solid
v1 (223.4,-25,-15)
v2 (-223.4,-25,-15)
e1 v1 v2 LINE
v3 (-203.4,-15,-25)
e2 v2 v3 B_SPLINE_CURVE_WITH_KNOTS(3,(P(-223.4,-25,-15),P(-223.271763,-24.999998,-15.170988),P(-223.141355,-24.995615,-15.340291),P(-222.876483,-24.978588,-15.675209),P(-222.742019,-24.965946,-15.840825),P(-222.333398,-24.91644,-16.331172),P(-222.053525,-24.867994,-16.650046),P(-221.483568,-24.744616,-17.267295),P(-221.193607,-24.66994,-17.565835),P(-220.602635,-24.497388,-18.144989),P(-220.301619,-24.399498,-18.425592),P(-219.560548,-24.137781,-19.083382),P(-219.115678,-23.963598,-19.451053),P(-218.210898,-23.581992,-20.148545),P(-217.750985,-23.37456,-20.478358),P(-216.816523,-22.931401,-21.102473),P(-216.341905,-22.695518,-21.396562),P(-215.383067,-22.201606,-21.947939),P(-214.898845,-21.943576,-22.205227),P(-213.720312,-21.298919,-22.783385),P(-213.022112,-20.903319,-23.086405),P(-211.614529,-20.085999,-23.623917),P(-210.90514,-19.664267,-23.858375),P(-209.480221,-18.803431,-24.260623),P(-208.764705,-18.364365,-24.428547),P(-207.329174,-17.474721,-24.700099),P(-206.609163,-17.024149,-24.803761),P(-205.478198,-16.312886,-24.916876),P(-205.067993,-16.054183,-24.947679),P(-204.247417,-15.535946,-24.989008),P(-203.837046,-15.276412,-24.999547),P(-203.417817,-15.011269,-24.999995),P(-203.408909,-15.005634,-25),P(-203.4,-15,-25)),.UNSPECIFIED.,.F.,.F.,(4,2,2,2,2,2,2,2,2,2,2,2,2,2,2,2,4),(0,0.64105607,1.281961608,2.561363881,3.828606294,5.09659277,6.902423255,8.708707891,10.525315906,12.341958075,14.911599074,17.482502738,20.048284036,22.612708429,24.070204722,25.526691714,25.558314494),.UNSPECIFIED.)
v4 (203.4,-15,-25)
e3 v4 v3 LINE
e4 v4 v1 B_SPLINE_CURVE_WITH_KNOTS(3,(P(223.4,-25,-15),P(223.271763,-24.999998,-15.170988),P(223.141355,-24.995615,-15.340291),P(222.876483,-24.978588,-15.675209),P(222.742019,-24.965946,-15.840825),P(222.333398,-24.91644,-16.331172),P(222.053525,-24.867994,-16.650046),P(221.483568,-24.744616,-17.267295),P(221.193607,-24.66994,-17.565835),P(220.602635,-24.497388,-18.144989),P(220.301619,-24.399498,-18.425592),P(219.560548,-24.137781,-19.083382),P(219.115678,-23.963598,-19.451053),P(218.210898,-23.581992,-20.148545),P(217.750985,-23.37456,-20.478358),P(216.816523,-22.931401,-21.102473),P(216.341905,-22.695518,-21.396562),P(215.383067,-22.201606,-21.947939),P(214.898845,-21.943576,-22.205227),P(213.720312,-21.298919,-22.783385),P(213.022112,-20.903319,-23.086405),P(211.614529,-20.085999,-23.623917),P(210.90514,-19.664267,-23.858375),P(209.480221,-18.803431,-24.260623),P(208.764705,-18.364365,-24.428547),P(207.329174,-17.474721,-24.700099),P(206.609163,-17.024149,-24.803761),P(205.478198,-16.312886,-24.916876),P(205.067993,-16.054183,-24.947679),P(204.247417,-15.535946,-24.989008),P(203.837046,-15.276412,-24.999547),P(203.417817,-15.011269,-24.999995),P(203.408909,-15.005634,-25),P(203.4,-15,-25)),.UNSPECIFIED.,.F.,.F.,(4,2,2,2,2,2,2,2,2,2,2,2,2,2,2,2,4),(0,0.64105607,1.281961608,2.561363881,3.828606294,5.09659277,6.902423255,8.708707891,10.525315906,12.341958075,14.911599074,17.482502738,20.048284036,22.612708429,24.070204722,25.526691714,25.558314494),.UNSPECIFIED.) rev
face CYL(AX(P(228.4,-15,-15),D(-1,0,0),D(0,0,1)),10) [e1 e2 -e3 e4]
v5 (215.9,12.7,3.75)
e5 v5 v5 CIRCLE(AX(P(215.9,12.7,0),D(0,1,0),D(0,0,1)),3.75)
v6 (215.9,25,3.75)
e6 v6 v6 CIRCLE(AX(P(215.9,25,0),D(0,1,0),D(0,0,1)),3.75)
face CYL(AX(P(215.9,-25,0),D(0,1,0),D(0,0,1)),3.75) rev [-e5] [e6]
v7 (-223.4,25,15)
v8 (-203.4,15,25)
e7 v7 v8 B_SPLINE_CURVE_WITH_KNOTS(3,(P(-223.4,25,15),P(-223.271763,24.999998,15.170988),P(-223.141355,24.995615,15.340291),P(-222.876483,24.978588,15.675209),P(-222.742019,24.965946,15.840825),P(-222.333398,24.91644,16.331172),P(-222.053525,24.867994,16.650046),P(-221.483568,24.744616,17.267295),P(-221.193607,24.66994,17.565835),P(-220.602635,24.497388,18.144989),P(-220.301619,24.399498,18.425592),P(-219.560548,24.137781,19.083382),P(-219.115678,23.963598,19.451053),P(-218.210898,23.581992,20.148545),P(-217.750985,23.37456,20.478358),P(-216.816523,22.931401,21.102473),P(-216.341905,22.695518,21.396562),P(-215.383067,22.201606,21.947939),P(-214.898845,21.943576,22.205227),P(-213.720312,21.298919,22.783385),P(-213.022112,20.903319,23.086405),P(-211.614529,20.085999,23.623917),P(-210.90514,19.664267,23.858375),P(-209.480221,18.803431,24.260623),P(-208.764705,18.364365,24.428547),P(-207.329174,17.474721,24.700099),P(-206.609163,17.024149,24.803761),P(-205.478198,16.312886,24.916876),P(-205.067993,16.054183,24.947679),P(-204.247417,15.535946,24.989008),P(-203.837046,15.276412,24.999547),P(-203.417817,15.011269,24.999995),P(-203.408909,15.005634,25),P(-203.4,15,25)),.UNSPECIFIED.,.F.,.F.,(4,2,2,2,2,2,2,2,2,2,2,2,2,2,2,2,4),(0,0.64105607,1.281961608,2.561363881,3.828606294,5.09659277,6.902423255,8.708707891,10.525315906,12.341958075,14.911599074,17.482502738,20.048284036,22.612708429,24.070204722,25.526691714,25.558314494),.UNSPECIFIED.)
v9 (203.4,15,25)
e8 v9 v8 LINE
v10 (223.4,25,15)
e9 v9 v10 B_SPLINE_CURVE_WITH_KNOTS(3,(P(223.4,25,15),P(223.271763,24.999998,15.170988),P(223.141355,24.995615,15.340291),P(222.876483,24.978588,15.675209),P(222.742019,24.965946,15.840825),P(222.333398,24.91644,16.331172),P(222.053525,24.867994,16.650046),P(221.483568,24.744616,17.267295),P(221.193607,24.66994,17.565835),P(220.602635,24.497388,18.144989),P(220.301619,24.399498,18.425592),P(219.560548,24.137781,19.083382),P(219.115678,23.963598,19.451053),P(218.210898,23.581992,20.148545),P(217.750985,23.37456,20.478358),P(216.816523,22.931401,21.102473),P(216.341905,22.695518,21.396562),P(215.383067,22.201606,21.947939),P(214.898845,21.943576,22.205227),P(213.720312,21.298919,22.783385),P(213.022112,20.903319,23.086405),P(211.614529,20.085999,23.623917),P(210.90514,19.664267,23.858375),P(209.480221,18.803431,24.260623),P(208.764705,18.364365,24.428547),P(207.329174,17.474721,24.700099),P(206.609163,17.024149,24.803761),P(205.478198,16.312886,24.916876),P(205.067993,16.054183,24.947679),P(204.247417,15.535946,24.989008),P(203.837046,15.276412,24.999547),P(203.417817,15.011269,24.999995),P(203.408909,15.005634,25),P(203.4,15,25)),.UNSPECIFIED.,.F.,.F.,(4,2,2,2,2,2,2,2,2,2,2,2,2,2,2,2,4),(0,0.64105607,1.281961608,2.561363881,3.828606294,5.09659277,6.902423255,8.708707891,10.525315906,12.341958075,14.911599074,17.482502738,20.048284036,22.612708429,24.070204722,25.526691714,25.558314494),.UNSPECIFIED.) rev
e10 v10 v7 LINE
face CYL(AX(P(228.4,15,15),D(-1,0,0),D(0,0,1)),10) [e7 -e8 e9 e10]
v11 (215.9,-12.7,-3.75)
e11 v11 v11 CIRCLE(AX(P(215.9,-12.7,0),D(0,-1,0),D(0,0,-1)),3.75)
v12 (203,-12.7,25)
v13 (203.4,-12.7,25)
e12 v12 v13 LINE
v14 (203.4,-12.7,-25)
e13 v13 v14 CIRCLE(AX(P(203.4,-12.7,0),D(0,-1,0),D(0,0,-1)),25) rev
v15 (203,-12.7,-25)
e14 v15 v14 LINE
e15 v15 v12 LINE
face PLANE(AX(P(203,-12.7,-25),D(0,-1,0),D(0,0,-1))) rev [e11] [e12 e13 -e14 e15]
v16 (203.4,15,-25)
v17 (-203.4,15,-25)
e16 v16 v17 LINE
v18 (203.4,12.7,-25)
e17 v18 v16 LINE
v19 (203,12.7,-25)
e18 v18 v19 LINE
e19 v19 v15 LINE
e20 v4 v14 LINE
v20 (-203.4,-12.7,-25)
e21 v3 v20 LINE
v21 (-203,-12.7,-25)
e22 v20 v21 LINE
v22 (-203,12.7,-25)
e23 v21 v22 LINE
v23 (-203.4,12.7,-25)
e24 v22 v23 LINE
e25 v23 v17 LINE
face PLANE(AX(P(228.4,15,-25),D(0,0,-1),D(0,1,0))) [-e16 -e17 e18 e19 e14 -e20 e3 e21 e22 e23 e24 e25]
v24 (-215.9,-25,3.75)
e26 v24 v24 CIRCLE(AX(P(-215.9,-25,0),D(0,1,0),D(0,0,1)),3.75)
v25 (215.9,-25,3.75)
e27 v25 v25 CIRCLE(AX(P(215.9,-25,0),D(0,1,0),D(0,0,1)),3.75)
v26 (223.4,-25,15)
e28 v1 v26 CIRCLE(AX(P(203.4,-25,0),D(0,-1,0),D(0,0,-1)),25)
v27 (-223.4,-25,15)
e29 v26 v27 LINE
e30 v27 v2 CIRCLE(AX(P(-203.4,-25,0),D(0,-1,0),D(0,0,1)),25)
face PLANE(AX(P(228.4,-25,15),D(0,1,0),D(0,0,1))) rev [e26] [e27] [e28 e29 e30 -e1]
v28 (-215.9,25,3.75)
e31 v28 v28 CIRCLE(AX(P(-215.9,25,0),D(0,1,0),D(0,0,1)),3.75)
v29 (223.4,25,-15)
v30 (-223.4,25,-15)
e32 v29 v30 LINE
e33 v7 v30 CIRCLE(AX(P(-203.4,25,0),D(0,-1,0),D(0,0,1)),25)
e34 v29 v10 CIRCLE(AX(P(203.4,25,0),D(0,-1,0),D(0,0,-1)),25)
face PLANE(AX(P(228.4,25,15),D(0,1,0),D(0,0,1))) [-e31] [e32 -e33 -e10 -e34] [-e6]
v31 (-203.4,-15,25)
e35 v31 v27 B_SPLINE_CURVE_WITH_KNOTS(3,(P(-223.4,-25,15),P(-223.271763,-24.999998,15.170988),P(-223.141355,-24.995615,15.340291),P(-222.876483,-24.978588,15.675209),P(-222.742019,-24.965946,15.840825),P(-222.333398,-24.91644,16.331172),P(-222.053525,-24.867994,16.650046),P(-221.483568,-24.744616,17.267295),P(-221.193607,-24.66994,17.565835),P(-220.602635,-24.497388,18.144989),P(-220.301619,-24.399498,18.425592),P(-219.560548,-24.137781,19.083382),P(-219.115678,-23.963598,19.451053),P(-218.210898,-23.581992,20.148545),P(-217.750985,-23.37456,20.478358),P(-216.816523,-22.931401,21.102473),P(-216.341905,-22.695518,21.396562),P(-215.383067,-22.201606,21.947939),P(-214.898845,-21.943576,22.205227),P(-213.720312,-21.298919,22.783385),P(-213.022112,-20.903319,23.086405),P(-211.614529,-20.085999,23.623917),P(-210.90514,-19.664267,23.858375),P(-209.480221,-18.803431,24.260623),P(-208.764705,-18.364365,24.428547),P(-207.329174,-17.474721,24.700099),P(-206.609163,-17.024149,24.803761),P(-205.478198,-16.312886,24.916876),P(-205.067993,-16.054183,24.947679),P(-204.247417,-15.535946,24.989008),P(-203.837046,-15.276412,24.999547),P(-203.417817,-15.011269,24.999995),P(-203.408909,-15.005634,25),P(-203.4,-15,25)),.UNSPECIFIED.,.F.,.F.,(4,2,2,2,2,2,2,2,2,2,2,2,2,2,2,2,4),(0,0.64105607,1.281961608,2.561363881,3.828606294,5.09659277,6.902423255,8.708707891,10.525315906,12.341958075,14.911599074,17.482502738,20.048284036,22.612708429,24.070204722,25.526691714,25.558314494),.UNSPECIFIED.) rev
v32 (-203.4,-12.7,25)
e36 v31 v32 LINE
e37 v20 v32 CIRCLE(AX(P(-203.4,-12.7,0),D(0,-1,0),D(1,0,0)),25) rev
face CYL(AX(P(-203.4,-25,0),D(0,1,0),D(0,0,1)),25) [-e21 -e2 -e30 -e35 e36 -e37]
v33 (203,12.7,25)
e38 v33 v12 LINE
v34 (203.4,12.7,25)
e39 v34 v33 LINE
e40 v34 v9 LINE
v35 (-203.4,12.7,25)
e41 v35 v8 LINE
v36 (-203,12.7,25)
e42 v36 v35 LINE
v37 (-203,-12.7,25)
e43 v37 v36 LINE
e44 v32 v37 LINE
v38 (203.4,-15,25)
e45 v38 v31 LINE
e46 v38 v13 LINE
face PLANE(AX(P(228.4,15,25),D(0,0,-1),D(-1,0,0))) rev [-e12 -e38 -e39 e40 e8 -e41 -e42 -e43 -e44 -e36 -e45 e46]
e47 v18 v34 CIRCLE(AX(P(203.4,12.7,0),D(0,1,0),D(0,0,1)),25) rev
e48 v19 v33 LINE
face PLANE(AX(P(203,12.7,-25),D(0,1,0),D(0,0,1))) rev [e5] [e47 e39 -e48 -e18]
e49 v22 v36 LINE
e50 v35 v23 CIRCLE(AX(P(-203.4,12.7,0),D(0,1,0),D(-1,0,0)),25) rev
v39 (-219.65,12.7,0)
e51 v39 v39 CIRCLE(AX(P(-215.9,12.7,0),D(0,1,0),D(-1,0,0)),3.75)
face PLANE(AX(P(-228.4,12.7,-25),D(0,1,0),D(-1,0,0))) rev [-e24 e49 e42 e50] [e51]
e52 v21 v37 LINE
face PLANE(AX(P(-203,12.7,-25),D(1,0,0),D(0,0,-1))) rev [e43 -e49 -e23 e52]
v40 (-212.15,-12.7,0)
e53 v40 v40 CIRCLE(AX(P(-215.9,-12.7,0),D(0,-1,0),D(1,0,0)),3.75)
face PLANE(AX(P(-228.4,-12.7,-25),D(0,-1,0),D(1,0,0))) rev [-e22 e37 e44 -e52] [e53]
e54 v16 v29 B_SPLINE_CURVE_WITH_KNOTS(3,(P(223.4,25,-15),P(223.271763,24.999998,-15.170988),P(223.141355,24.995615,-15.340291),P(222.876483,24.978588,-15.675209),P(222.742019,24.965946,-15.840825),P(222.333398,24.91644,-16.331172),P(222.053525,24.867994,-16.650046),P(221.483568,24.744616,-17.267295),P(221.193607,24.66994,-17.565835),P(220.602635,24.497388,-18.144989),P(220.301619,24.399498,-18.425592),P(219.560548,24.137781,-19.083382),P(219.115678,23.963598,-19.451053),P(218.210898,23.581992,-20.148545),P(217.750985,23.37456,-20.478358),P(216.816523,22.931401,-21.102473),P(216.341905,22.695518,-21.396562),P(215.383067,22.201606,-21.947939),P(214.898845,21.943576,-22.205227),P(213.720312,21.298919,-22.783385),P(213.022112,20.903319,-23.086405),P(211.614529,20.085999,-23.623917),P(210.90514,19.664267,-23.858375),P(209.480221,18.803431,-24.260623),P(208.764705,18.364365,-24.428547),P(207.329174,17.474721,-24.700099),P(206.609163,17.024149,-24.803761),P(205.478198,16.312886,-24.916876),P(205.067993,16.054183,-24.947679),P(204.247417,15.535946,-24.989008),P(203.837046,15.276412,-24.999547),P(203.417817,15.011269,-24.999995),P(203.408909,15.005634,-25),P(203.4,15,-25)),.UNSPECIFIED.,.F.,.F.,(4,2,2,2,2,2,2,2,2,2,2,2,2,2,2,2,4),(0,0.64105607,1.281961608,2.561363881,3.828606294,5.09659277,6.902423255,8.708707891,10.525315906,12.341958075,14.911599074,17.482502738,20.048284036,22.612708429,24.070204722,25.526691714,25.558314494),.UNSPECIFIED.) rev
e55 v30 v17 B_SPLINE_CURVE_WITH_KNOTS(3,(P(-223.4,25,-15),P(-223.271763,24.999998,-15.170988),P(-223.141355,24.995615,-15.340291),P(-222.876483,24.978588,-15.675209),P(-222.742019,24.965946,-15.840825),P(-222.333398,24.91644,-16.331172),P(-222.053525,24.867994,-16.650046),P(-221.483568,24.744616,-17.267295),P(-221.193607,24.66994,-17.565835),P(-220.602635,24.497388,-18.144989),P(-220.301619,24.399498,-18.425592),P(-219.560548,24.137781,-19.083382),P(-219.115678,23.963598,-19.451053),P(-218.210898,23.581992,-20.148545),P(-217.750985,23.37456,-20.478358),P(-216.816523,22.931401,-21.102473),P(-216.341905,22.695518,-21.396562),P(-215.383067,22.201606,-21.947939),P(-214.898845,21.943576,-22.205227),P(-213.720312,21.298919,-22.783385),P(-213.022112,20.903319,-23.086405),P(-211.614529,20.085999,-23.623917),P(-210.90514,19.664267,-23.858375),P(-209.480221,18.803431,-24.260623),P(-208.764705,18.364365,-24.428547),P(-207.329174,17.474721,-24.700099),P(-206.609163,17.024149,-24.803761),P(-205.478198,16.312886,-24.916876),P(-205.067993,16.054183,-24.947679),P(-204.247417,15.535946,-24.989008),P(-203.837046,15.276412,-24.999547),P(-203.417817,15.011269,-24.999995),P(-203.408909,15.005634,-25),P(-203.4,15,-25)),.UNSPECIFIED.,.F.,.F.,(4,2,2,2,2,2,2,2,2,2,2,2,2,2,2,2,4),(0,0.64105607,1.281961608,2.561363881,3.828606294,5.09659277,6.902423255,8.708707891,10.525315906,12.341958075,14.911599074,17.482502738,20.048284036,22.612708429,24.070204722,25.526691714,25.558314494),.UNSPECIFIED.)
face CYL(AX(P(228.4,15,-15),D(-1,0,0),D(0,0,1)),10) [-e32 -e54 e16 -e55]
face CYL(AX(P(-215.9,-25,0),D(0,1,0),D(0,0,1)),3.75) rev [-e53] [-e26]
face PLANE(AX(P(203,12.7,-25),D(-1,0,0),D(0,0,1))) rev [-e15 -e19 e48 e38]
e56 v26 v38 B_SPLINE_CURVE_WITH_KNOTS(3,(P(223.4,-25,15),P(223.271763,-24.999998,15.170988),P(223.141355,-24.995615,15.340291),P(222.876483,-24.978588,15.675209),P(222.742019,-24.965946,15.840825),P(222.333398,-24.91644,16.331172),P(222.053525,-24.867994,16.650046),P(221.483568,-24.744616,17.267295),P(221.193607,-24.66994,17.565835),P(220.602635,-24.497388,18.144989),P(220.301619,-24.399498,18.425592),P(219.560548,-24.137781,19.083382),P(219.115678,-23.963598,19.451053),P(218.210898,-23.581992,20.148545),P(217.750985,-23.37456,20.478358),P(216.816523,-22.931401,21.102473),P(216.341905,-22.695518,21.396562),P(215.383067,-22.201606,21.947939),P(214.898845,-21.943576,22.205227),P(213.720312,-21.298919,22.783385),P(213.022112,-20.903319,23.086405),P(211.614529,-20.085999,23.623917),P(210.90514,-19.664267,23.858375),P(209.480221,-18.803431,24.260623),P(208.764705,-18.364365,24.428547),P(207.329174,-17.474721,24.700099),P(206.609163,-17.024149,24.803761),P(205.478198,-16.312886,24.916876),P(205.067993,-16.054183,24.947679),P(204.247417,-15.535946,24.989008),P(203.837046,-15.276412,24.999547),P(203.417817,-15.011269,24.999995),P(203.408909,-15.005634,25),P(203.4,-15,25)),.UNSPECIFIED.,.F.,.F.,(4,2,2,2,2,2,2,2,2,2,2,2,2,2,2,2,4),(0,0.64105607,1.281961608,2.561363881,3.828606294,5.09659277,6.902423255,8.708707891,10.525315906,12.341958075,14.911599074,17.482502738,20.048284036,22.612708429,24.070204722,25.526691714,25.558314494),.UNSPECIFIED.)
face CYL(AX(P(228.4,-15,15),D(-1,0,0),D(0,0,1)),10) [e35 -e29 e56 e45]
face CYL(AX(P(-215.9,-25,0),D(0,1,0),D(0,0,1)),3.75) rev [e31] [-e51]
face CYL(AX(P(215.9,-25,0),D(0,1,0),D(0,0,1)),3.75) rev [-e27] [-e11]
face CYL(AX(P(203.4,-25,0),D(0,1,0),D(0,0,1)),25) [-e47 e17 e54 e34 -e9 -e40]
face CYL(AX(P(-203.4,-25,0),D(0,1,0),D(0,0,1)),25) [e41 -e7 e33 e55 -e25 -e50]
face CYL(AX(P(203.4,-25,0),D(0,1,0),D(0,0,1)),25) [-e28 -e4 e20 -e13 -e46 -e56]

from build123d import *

# Parameters (mm, degrees)
BOSS_EXTRUDE1_DEPTH = 228.4
SKETCH2_W           = 25.4
SKETCH2_H           = 25.4
CUT_EXTRUDE1_DEPTH  = 25
SKETCH4_R           = 3.75
CUT_EXTRUDE6_DEPTH  = 25


with BuildPart() as part:
    # Sketch1 → Boss-Extrude1 (new, symmetric)
    with BuildSketch(Plane(origin=(0, 0, 0), x_dir=(0, 0, -1), z_dir=(1, 0, 0))):
        with BuildLine():
            Line((-15, 25), (15, 25))
            ThreePointArc((15, 25), (22.071067812, 22.071067812), (25, 15))
            Line((25, 15), (25, -15))
            ThreePointArc((25, -15), (22.071067812, -22.071067812), (15, -25))
            Line((15, -25), (-15, -25))
            ThreePointArc((-15, -25), (-22.071067812, -22.071067812), (-25, -15))
            Line((-25, -15), (-25, 15))
            ThreePointArc((-25, 15), (-22.071067812, 22.071067812), (-15, 25))
        make_face()
    extrude(amount=BOSS_EXTRUDE1_DEPTH, both=True)

    # Sketch2 → Cut-Extrude1 (cut, symmetric)
    with BuildSketch(Plane.XY):
        with Locations((215.7, 0)):
            Rectangle(SKETCH2_W, SKETCH2_H)
        with Locations((-215.7, 0)):
            Rectangle(SKETCH2_W, SKETCH2_H)
    extrude(amount=CUT_EXTRUDE1_DEPTH, both=True, mode=Mode.SUBTRACT)

    # Sketch4 → Cut-Extrude6 (cut, symmetric)
    with BuildSketch(Plane(origin=(0, 0, 0), x_dir=(1, 0, 0), z_dir=(0, 1, 0))):
        with Locations(Location((-215.9, 0, 0), (0, 0, 270))):
            Circle(SKETCH4_R)
        with Locations(Location((215.9, 0, 0), (0, 0, 270))):
            Circle(SKETCH4_R)
        with BuildLine():
            Line((-203.4, 25), (-203.4, 45))
            ThreePointArc((-203.4, 45), (-248.4, 0), (-203.4, -45))
            Line((-203.4, -45), (-203.4, -25))
            ThreePointArc((-203.4, -25), (-228.4, 0), (-203.4, 25))
        make_face()
        with BuildLine():
            Line((203.4, 45), (203.4, 25))
            ThreePointArc((203.4, 25), (228.4, 0), (203.4, -25))
            Line((203.4, -25), (203.4, -45))
            ThreePointArc((203.4, -45), (248.4, 0), (203.4, 45))
        make_face()
    extrude(amount=CUT_EXTRUDE6_DEPTH, both=True, mode=Mode.SUBTRACT)


solid = part.part
